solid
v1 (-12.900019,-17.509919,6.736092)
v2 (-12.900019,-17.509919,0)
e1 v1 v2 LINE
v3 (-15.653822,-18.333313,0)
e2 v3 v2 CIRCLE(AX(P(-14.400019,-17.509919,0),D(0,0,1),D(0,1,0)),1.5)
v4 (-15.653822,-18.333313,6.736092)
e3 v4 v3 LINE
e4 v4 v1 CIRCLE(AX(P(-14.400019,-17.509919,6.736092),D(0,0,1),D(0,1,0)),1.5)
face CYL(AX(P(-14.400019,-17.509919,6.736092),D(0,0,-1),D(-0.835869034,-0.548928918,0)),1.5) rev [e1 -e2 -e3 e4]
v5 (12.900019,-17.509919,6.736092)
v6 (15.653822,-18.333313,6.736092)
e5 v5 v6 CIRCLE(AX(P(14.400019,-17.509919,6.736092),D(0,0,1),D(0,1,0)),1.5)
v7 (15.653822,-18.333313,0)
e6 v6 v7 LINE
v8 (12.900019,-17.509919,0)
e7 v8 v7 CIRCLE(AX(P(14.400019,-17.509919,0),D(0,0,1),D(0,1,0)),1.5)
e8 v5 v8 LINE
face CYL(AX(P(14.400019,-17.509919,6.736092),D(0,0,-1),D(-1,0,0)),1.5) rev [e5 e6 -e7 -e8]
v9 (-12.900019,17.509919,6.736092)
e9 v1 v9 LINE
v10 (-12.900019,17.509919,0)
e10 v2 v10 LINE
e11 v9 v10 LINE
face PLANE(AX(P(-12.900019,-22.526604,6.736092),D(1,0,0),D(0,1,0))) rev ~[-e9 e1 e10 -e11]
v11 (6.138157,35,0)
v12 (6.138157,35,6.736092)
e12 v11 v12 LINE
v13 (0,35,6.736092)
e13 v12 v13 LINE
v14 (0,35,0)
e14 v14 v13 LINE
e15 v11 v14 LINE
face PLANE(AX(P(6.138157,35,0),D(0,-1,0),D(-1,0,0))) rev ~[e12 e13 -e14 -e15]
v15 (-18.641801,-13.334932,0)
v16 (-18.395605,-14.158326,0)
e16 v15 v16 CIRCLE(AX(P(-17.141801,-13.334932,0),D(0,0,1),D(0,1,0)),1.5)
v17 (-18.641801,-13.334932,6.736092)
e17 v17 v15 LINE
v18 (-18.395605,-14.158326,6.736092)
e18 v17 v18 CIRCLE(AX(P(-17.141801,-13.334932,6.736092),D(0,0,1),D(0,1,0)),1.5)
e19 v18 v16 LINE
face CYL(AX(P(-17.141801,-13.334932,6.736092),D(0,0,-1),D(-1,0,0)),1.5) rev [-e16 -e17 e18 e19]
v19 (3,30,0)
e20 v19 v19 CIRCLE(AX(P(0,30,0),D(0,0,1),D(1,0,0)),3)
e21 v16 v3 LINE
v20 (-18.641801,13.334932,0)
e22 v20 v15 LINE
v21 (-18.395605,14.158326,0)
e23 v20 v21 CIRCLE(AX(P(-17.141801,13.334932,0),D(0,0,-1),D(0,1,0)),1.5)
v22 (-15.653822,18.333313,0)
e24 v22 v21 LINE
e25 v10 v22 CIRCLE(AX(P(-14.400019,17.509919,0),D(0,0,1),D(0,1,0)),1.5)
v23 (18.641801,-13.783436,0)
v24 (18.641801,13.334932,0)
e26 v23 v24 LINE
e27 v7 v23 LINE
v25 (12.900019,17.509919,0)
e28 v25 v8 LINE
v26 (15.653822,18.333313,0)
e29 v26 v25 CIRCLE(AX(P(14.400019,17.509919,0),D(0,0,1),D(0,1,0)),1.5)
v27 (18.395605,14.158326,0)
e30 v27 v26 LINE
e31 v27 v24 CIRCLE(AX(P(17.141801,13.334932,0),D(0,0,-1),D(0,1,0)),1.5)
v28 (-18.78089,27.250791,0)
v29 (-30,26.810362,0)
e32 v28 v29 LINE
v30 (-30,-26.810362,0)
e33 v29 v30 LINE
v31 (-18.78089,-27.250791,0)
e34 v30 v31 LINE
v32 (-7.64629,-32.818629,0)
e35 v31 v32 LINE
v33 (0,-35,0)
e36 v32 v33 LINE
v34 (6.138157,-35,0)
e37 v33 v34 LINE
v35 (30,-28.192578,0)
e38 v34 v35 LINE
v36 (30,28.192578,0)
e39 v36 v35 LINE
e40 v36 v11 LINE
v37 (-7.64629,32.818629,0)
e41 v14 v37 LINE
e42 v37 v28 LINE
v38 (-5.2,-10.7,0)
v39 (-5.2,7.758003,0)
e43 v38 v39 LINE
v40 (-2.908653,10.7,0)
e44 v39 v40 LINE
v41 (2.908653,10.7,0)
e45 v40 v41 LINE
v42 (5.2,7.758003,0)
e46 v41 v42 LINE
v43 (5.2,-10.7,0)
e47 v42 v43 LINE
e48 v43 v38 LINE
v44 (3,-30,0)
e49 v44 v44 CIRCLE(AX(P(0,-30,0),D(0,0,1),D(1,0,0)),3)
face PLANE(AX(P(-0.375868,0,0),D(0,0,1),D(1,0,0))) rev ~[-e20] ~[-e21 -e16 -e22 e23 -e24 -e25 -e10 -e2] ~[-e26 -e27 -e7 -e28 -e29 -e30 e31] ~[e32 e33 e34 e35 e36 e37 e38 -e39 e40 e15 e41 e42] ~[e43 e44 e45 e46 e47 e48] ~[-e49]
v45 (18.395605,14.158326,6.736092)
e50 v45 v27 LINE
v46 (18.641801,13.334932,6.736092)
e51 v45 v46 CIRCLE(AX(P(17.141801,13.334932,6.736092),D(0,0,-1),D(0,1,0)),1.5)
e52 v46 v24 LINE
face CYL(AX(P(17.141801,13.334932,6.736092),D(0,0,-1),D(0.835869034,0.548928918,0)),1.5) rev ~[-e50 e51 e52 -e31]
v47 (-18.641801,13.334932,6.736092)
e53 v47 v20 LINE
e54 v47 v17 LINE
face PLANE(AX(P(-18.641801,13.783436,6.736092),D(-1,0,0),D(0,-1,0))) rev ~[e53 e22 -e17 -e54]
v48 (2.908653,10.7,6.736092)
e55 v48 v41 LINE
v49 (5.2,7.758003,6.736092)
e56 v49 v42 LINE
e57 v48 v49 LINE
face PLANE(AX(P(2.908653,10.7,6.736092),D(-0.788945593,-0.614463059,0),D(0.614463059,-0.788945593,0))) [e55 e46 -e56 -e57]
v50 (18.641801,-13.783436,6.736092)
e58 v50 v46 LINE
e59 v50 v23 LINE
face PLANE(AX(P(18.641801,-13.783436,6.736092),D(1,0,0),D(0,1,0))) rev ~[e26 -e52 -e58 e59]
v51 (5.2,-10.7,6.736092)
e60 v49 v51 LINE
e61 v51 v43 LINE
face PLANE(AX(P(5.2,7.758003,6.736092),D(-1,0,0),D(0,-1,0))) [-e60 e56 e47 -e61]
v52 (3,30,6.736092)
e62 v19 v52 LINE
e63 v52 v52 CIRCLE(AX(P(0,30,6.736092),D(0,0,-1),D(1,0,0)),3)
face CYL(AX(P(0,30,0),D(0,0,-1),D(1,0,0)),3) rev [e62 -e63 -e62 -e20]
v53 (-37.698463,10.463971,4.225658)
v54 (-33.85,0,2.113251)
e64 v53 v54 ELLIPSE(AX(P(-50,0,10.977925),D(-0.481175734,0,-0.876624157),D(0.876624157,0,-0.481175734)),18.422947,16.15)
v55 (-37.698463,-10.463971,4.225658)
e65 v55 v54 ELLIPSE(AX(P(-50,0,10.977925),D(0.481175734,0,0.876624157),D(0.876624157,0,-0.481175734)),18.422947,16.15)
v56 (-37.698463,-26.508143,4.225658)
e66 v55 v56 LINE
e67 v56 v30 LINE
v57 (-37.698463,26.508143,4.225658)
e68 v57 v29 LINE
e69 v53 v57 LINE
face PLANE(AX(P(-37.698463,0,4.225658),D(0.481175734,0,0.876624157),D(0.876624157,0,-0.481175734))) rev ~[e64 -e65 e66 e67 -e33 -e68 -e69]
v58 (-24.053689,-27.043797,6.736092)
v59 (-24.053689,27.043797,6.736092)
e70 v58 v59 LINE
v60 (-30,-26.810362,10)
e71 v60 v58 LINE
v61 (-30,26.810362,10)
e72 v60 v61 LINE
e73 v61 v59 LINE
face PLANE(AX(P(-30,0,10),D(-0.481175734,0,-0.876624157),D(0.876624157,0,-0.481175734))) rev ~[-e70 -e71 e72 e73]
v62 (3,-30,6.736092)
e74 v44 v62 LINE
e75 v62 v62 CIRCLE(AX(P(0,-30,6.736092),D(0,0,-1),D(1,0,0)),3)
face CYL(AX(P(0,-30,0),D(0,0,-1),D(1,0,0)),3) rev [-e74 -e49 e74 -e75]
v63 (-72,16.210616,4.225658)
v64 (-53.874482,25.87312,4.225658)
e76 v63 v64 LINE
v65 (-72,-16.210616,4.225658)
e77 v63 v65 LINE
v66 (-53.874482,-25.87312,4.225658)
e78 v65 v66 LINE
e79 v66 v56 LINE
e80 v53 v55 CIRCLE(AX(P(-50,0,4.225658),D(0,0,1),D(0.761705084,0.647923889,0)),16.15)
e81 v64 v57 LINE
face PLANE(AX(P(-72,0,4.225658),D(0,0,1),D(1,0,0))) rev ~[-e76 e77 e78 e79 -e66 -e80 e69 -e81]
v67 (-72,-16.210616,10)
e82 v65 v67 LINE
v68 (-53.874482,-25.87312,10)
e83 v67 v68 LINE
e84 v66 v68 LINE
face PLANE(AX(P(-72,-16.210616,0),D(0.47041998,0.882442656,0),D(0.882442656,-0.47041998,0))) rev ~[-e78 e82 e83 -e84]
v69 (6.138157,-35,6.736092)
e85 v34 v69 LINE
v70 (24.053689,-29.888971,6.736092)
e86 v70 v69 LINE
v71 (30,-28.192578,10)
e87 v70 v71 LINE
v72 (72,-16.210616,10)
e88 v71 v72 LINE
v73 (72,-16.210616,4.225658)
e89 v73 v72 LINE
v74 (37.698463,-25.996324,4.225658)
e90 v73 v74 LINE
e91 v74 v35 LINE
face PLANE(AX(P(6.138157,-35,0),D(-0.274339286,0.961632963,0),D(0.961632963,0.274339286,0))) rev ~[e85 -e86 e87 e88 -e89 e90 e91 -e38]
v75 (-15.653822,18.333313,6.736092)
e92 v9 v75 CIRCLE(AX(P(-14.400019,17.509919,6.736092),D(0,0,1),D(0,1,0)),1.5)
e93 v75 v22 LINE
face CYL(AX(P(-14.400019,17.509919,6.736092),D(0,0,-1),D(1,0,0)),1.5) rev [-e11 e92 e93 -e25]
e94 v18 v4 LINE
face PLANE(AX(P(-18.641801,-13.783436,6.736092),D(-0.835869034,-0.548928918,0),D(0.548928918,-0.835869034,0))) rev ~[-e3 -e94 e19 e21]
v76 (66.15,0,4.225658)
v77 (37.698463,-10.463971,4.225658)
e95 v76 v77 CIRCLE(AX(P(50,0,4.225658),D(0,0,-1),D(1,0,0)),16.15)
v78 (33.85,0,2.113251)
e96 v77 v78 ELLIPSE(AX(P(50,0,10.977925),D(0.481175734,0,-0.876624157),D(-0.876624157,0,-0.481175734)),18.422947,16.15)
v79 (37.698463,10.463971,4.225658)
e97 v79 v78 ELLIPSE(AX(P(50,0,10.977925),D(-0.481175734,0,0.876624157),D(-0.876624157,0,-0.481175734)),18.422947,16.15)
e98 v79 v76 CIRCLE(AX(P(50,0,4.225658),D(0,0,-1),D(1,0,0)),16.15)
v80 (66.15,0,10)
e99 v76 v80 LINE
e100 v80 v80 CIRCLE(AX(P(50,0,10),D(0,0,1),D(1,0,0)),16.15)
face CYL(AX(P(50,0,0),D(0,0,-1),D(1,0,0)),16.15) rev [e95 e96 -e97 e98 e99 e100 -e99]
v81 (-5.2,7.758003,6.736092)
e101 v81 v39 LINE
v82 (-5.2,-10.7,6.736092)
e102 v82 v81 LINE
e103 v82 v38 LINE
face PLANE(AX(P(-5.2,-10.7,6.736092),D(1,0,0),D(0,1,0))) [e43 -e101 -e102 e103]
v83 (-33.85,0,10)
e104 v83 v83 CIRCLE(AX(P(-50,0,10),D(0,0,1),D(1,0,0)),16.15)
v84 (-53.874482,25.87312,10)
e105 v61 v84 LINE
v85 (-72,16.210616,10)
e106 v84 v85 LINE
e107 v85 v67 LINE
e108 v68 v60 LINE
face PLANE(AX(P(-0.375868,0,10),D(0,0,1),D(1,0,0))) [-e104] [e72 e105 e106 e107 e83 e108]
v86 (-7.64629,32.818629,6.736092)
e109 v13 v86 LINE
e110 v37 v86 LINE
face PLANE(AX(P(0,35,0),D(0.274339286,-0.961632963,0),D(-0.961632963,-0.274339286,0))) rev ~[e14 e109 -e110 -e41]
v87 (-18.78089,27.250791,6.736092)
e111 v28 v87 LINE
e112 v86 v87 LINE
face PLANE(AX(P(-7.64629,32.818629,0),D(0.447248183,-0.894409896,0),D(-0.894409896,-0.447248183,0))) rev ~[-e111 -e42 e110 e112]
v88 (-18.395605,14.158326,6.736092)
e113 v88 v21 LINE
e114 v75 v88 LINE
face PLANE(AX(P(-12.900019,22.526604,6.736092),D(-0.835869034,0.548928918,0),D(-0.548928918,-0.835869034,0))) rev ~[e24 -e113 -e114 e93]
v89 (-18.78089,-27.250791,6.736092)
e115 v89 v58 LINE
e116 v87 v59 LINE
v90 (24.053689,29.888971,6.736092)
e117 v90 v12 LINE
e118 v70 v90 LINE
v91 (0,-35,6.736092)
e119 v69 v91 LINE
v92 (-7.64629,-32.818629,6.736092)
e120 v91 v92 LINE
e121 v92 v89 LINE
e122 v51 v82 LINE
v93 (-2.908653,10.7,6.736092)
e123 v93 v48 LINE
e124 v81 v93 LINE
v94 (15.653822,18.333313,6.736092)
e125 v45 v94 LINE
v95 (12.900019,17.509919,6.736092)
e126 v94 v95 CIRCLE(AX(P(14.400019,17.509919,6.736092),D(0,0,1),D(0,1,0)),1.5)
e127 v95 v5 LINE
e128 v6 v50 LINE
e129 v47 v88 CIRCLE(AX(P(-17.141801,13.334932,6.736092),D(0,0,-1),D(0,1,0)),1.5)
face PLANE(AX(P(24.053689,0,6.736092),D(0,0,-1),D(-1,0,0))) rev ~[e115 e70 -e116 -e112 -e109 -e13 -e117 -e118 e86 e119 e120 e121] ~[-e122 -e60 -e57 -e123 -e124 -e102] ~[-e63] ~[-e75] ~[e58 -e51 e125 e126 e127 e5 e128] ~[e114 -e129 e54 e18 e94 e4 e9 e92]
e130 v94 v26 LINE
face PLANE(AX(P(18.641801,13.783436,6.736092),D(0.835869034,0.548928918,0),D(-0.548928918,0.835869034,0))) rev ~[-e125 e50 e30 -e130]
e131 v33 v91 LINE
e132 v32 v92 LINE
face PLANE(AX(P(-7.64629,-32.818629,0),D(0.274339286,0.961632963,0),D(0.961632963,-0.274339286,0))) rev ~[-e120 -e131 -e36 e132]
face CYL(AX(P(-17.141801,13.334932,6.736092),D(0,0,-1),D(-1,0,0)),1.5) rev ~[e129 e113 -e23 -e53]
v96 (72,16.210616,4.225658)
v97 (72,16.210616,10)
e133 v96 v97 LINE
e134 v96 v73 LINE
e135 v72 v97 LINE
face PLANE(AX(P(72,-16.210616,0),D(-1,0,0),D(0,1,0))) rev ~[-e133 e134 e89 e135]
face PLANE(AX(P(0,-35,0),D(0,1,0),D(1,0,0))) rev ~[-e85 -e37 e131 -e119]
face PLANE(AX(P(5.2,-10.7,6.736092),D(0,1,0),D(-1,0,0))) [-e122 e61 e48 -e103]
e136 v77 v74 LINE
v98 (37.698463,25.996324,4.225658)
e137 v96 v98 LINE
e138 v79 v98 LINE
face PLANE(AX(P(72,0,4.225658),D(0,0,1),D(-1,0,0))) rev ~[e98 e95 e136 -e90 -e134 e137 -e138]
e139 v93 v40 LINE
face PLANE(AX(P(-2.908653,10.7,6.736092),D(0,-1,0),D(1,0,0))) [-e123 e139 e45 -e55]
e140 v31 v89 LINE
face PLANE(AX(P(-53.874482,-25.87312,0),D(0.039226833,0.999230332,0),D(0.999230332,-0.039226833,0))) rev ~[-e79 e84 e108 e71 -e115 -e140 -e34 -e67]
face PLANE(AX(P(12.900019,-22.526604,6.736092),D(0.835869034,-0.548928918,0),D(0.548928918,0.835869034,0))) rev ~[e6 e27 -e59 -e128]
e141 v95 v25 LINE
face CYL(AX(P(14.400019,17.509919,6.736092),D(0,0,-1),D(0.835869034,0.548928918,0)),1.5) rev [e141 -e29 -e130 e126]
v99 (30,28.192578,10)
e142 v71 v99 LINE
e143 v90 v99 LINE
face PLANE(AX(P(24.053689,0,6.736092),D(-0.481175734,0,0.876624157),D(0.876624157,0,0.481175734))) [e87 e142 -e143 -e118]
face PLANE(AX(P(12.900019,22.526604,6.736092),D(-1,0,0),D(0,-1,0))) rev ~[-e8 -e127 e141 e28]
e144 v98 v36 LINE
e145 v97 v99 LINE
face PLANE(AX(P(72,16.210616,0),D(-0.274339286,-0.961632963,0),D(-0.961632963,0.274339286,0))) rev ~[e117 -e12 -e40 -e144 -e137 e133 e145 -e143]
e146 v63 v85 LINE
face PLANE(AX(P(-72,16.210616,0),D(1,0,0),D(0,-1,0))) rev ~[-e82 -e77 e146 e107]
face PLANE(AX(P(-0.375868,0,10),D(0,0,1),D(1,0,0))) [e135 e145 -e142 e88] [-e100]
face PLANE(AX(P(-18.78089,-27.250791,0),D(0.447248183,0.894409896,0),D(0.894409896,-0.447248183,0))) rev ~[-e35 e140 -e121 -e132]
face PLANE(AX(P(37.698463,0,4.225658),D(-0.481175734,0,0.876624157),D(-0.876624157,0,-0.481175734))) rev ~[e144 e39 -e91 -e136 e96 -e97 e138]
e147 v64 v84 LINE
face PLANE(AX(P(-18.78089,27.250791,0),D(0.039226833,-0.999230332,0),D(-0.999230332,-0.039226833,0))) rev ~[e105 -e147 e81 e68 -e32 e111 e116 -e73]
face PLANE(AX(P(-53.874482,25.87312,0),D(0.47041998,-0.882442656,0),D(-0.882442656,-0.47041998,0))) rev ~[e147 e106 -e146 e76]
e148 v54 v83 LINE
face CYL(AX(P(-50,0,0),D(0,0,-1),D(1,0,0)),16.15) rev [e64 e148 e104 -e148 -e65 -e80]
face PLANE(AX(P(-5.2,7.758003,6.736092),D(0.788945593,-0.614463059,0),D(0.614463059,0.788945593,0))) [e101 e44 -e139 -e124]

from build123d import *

# Parameters (mm, degrees)
SKETCH1_R               = 3
SKETCH1_R_2             = 16.15
BOSS_EXTRUDE1_DEPTH     = 10
CUT_EXTRUDE1_DEPTH      = 36
CUT_EXTRUDE1_DEPTH_BACK = 36
CUT_EXTRUDE2_DEPTH      = 4.263908078
CUT_EXTRUDE2_DEPTH_BACK = 7.736091922
CUT_EXTRUDE3_DEPTH      = 4.263908078
CUT_EXTRUDE3_DEPTH_BACK = 7.736091922
FILLET1_R               = 1.5


with BuildPart() as part:
    # Sketch1 → Boss-Extrude1 (new body)
    with BuildSketch(Plane.XY):
        Polygon((-72, 16.21061599), (-72, -16.21061599), (-53.874481608, -25.873120341), (-18.780890439, -27.25079114), (-7.646290238, -32.818629475), (0, -35), (6.138156767, -35), (72, -16.21061599), (72, 16.21061599), (6.138156767, 35), (0, 35), (-7.646290238, 32.818629475), (-18.780890439, 27.25079114), (-53.874481608, 25.873120341), align=None)
        with Locations((0, 30)):
            Circle(SKETCH1_R, mode=Mode.SUBTRACT)
        with Locations((-50, 0)):
            Circle(SKETCH1_R_2, mode=Mode.SUBTRACT)
        with Locations((0, -30)):
            Circle(SKETCH1_R, mode=Mode.SUBTRACT)
        with Locations((50, 0)):
            Circle(SKETCH1_R_2, mode=Mode.SUBTRACT)
    extrude(amount=BOSS_EXTRUDE1_DEPTH)

    # Sketch2 → Cut-Extrude1 (cut, two sides)
    with BuildSketch(Plane(origin=(0, 0, 0), x_dir=(1, 0, 0), z_dir=(0, 1, 0))) as cut_extrude1_sk:
        Polygon((-30, -10), (-24.053688771, -6.736091922), (4.484766303, -6.736091922), (24.053688771, -6.736091922), (30, -10), align=None)
        Polygon((-72, 0), (-72, -4.2256576), (-37.698462898, -4.2256576), (-30, 0), align=None)
        Polygon((30, 0), (72, 0), (72, -4.2256576), (37.698462898, -4.2256576), align=None)
    extrude(amount=CUT_EXTRUDE1_DEPTH, mode=Mode.SUBTRACT)
    extrude(cut_extrude1_sk.sketch, amount=-CUT_EXTRUDE1_DEPTH_BACK, mode=Mode.SUBTRACT)

    # Sketch3 → Cut-Extrude2 (cut, two sides)
    with BuildSketch(Plane.XY.offset(6.736091922)) as cut_extrude2_sk:
        Polygon((5.2, -10.7), (-5.2, -10.7), (-5.2, 7.758003241), (-2.908652734, 10.7), (2.908652734, 10.7), (5.2, 7.758003241), align=None)
    extrude(amount=CUT_EXTRUDE2_DEPTH, mode=Mode.SUBTRACT)
    extrude(cut_extrude2_sk.sketch, amount=-CUT_EXTRUDE2_DEPTH_BACK, mode=Mode.SUBTRACT)

    # Sketch4 → Cut-Extrude3 (cut, two sides)
    with BuildSketch(Plane.XY.offset(6.736091922)) as cut_extrude3_sk:
        Polygon((-18.641801382, 13.783435693), (-18.641801382, -13.783435693), (-12.900018937, -22.526604416), (-12.900018937, 22.526604416), align=None)
        Polygon((18.641801382, 13.783435693), (12.900018937, 22.526604416), (12.900018937, -22.526604416), (18.641801382, -13.783435693), align=None)
    extrude(amount=CUT_EXTRUDE3_DEPTH, mode=Mode.SUBTRACT)
    extrude(cut_extrude3_sk.sketch, amount=-CUT_EXTRUDE3_DEPTH_BACK, mode=Mode.SUBTRACT)

    # Fillet1
    fillet1_edges = [part.edges().sort_by_distance(p)[0] for p in [
        (-12.900018937, -22.526604416, 3.368045961),
        (-18.641801382, -13.783435693, 3.368045961),
        (-18.641801382, 13.783435693, 3.368045961),
        (-12.900018937, 22.526604416, 3.368045961),
        (18.641801382, 13.783435693, 3.368045961),
        (12.900018937, -22.526604416, 3.368045961),
        (12.900018937, 22.526604416, 3.368045961),
    ]]
    fillet(fillet1_edges, radius=FILLET1_R)


solid = part.part
